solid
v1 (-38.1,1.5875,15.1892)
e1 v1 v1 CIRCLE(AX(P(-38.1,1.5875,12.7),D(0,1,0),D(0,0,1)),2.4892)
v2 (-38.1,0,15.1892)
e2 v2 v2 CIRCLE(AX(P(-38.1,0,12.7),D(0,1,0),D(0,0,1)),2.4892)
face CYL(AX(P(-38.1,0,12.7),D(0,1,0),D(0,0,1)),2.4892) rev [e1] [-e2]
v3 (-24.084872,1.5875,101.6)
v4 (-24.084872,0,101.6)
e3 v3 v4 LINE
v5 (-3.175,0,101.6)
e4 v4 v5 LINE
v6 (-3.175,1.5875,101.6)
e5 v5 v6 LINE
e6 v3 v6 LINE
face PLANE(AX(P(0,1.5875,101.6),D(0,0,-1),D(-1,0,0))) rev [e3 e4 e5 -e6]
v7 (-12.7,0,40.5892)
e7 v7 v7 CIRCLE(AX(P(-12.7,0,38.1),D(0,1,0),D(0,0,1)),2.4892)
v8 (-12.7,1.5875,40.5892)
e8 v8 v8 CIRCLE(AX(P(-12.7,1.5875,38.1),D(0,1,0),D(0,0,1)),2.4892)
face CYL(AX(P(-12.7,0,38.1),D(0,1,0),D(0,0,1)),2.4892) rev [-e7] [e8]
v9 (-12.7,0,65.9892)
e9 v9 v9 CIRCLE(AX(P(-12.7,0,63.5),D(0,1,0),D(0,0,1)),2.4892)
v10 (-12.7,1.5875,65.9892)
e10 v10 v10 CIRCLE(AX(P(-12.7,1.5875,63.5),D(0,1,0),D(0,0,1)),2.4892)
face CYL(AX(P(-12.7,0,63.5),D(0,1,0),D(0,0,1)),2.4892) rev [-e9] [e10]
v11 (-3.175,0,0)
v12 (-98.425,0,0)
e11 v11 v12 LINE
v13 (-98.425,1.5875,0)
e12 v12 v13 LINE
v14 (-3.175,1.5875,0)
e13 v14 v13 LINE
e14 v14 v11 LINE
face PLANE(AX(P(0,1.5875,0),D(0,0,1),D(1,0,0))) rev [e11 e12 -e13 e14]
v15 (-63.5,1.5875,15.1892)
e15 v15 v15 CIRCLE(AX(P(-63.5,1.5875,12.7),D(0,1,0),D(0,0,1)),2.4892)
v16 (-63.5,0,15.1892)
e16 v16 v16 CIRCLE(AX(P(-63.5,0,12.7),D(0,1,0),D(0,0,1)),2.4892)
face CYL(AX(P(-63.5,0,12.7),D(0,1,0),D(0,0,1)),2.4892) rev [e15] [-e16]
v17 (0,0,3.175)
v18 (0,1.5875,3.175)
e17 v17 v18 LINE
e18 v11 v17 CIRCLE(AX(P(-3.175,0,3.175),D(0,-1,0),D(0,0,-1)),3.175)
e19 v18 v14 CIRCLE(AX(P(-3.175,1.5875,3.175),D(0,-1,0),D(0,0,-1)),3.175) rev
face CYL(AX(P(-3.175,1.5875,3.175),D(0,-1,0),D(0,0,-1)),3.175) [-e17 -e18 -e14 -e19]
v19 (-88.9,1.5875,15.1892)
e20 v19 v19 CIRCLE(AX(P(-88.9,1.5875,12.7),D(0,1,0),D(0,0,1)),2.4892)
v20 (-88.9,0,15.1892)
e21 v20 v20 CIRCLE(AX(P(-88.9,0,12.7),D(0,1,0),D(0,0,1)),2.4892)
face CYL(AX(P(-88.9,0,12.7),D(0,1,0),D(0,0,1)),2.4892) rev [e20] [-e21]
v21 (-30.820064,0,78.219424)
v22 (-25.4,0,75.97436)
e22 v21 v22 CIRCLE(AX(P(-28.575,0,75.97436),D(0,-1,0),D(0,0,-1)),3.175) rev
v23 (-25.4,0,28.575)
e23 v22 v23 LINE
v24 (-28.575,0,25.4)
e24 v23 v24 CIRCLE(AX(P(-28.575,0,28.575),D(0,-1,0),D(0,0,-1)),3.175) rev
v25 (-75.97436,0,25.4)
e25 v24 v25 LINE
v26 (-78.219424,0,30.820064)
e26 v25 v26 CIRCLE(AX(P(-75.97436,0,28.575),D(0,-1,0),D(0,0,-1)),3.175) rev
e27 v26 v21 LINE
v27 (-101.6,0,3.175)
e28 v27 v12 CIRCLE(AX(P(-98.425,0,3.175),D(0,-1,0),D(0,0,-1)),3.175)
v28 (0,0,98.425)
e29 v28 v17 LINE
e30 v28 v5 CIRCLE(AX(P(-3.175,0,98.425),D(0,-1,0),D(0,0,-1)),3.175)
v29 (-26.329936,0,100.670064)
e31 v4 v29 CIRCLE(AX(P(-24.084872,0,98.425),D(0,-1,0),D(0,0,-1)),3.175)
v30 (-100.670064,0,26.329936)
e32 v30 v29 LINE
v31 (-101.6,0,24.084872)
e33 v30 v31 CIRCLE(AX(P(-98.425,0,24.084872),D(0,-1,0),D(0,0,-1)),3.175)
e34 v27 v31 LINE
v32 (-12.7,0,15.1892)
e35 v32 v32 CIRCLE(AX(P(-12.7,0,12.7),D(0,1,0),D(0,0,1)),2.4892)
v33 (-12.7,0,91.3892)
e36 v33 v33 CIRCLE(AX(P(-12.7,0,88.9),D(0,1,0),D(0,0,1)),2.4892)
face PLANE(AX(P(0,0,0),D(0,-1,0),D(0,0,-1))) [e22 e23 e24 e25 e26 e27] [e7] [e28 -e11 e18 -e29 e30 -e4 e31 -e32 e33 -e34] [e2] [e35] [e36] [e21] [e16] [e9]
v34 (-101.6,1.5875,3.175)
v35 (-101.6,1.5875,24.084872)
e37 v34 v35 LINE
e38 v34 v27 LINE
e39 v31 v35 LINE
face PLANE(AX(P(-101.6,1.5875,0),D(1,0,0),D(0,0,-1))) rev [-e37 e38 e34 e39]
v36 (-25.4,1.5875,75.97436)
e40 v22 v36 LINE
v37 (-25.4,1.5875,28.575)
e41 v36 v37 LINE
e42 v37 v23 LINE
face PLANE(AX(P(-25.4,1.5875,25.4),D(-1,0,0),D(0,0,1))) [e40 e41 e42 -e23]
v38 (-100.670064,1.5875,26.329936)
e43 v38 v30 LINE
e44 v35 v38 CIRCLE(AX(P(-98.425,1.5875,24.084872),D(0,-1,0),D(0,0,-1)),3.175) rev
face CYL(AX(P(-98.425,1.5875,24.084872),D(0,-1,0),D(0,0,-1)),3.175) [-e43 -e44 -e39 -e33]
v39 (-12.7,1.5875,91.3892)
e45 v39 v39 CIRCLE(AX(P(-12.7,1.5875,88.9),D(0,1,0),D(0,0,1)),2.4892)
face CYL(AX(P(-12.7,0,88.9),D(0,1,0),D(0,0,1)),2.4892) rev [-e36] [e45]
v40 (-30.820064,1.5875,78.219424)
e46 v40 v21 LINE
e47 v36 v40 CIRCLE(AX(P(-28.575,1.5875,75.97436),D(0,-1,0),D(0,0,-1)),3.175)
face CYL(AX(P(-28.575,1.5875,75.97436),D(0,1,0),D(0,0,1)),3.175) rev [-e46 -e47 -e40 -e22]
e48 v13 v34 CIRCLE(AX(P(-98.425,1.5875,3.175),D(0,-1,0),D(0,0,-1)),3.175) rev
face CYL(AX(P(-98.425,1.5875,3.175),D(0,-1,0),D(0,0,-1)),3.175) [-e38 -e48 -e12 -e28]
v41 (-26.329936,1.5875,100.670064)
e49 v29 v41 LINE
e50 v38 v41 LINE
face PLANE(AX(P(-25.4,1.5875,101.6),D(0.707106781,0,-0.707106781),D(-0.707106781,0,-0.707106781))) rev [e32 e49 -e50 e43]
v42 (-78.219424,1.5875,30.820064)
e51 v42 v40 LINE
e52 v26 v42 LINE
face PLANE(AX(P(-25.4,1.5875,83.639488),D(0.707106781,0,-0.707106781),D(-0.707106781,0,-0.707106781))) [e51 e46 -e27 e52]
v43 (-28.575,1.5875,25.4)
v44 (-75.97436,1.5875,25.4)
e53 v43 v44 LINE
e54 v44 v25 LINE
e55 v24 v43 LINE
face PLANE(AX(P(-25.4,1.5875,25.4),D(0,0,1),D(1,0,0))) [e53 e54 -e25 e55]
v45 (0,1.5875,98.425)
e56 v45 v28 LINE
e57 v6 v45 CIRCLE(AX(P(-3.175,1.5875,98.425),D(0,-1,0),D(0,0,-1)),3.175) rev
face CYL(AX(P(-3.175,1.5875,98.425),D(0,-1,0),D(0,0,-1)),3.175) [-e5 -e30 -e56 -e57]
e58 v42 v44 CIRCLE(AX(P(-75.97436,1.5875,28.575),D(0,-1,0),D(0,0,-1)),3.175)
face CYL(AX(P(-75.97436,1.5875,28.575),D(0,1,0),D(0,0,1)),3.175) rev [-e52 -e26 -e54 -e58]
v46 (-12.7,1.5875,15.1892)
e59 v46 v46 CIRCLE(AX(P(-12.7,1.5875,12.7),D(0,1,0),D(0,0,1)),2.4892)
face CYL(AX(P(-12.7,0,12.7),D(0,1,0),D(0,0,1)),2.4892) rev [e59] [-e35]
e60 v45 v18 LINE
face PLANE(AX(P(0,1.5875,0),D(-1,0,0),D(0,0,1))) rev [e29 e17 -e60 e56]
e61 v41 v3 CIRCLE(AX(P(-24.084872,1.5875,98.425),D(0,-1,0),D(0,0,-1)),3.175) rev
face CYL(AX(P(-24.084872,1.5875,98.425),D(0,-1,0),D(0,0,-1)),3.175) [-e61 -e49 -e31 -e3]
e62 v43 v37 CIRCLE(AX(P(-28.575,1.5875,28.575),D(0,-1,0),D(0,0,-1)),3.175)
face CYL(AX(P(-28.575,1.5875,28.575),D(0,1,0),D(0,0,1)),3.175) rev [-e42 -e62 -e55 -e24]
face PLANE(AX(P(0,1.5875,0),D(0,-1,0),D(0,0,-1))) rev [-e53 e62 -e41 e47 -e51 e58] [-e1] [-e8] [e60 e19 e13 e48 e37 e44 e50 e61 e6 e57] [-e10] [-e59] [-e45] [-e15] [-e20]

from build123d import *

# Parameters (mm, degrees)
BOSS_EXTRUDE1_DEPTH = 1.5875
SKETCH2_R           = 2.4892
CUT_EXTRUDE1_DEPTH  = 2.5875
LPATTERN1_COUNT     = 4
LPATTERN1_PITCH     = 25.4
LPATTERN1_COL_COUNT = 4
LPATTERN1_COL_PITCH = 25.4
FILLET1_R           = 3.175


with BuildPart() as part:
    # Sketch1 → Boss-Extrude1 (new body)
    with BuildSketch(Plane(origin=(0, 0, 0), x_dir=(1, 0, 0), z_dir=(0, 1, 0))):
        Polygon((0, 0), (-101.6, 0), (-101.6, -25.4), (-25.4, -101.6), (0, -101.6), align=None)
        Polygon((-25.4, -25.4), (-25.4, -83.639487758), (-83.639487758, -25.4), align=None, mode=Mode.SUBTRACT)
    extrude(amount=BOSS_EXTRUDE1_DEPTH)

    # Sketch2 → Cut-Extrude1 (cut, through all)
    with BuildSketch(Plane(origin=(0, 1.5875, 0), x_dir=(1, 0, 0), z_dir=(0, 1, 0))):
        with Locations((-12.7, -12.7)):
            Circle(SKETCH2_R)
    cut_extrude1 = extrude(amount=-CUT_EXTRUDE1_DEPTH, mode=Mode.SUBTRACT)

    # LPattern1: Cut-Extrude1 ×4
    with Locations(*[(0, 0, i * LPATTERN1_PITCH) for i in range(1, LPATTERN1_COUNT)]):
        add(cut_extrude1, mode=Mode.SUBTRACT)

    # LPattern1 col: Cut-Extrude1 ×4
    with Locations(*[(-i * LPATTERN1_COL_PITCH, 0, 0) for i in range(1, LPATTERN1_COL_COUNT)]):
        add(cut_extrude1, mode=Mode.SUBTRACT)

    # Fillet1
    fillet1_edges = [part.edges().sort_by_distance(p)[0] for p in [
        (-83.639487758, 0.79375, 25.4),
        (-25.4, 0.79375, 83.639487758),
        (-25.4, 0.79375, 25.4),
        (0, 0.79375, 101.6),
        (-25.4, 0.79375, 101.6),
        (-101.6, 0.79375, 25.4),
        (-101.6, 0.79375, 0),
        (0, 0.79375, 0),
    ]]
    fillet(fillet1_edges, radius=FILLET1_R)


solid = part.part
